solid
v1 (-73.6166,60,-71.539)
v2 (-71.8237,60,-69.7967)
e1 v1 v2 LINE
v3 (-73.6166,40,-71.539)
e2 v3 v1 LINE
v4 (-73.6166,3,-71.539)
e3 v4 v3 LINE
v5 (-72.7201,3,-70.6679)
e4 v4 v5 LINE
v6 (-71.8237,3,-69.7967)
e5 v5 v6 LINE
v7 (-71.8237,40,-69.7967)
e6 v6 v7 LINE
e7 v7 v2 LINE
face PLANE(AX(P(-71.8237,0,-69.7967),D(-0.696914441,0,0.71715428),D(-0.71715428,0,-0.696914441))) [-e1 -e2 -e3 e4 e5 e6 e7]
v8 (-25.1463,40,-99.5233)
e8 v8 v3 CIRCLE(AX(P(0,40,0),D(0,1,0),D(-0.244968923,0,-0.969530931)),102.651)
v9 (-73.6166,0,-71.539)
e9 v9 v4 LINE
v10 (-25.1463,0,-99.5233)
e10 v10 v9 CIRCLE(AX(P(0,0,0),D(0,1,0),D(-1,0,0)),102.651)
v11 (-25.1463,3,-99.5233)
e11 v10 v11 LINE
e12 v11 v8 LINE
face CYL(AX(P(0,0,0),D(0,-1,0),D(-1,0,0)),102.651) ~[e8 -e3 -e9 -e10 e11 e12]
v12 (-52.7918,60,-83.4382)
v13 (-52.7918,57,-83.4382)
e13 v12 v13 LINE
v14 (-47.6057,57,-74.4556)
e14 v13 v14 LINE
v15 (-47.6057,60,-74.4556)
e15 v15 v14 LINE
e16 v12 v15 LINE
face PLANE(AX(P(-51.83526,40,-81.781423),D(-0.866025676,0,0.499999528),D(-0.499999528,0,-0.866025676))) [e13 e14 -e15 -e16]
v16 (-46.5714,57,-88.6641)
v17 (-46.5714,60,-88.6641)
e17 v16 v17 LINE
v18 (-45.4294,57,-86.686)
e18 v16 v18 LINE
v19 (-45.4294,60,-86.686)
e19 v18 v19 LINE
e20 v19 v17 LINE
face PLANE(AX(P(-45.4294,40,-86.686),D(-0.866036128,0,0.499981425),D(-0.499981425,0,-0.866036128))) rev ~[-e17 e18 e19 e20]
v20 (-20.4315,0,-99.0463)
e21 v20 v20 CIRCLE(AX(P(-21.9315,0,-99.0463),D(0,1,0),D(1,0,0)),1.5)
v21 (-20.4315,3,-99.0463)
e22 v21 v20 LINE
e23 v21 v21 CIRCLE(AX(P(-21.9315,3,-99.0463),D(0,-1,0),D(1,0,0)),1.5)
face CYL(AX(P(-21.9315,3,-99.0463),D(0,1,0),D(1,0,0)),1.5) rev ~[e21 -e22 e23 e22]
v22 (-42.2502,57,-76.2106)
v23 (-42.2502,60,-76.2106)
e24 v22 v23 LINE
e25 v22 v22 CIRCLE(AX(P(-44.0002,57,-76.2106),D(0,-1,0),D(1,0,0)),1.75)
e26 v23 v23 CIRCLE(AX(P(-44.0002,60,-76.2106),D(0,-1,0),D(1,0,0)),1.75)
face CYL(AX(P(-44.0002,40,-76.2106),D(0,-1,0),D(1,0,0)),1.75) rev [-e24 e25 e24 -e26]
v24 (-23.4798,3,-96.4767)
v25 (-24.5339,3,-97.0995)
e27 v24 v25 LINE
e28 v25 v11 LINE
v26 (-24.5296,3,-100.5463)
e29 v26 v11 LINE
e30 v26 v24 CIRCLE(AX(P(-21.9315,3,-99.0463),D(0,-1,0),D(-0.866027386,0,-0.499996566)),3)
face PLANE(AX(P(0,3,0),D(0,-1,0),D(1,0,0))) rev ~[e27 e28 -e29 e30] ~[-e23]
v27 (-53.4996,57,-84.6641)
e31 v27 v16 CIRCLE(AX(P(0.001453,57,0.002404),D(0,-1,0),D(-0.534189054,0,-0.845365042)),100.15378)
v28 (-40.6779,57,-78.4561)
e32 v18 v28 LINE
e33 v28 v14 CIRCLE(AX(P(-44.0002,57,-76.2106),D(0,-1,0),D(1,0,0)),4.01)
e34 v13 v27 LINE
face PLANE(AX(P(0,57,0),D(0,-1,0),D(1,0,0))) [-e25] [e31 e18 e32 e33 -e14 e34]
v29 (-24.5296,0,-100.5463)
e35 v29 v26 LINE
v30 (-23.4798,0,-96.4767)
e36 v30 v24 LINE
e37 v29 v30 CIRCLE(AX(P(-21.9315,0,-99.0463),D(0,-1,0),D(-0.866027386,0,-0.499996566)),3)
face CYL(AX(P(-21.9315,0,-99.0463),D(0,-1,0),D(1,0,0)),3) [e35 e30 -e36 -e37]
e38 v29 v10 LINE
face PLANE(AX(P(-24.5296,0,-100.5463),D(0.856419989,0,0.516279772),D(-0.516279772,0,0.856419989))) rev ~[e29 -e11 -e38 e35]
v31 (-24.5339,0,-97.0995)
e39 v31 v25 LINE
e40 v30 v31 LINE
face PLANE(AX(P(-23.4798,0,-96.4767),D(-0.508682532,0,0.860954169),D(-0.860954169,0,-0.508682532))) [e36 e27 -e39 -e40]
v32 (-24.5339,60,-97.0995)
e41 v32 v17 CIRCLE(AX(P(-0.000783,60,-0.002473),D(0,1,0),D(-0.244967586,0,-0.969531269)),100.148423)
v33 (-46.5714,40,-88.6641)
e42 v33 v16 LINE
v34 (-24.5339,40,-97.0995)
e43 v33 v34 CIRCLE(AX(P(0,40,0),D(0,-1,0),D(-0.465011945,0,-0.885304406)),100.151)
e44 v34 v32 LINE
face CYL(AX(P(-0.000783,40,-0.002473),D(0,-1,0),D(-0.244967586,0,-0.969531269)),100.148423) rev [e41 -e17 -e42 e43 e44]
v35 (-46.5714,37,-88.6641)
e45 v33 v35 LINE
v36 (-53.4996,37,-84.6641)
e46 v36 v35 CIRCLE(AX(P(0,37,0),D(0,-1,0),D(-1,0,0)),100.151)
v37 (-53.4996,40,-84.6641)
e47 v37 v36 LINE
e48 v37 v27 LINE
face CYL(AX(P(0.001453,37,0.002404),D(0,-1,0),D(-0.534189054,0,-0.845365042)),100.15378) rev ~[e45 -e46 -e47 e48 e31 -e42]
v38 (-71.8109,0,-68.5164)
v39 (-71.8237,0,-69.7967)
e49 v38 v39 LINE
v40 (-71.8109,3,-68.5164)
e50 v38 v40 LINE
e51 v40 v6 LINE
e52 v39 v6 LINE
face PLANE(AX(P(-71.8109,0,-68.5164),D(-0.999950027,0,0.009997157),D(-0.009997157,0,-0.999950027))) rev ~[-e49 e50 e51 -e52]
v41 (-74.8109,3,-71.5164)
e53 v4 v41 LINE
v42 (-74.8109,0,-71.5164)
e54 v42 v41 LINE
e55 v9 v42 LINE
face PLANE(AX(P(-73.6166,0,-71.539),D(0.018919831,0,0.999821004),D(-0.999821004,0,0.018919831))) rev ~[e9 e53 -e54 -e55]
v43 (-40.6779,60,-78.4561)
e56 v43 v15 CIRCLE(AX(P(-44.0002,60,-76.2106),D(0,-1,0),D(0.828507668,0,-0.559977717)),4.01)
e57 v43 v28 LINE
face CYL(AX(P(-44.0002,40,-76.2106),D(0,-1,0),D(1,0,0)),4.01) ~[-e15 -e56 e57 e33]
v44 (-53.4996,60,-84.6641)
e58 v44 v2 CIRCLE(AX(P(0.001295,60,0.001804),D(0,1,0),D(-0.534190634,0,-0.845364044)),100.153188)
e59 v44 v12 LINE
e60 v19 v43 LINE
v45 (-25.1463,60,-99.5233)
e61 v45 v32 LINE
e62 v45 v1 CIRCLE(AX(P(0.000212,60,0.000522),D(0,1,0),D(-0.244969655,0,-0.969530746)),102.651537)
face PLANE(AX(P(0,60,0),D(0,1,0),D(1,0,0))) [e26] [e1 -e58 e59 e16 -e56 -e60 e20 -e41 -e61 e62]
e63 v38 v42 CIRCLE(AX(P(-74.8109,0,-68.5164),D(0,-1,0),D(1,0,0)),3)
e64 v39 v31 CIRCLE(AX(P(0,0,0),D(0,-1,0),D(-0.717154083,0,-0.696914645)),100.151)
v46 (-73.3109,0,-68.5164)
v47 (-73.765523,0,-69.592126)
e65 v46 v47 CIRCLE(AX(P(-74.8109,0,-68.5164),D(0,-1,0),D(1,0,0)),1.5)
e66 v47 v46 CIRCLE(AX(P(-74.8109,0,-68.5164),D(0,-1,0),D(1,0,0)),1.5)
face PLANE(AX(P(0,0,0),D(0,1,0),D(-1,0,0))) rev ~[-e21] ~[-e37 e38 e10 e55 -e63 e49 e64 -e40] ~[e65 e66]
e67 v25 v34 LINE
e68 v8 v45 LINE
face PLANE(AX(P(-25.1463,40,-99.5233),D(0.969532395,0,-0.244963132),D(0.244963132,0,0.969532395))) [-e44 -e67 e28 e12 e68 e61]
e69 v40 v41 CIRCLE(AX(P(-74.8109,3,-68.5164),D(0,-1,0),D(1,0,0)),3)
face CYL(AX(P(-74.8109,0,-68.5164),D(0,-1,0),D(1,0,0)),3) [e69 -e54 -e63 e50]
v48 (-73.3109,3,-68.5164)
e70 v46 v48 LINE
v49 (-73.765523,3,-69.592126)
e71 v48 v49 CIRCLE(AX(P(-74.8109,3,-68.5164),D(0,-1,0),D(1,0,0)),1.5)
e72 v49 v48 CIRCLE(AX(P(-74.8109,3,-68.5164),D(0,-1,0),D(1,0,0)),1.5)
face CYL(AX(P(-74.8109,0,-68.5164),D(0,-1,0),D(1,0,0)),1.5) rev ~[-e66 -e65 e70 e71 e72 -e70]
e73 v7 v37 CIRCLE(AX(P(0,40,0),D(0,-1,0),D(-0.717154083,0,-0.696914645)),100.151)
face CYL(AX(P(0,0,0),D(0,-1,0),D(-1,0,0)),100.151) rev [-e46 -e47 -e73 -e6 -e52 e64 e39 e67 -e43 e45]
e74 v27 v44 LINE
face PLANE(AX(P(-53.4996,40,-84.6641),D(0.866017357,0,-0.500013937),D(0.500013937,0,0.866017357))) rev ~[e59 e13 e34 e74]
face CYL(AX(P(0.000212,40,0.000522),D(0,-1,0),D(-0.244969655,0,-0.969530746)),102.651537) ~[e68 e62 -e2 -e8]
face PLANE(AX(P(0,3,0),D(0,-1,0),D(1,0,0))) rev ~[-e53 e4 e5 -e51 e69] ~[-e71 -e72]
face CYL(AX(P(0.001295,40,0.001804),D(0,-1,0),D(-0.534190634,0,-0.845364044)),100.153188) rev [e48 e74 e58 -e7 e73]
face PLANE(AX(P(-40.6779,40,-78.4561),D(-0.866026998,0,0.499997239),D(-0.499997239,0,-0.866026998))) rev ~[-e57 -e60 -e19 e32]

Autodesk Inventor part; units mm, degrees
ref_plane "YZ Plane" through (0, 0, 0) normal (1, 0, 0) x (0, 1, 0)
ref_plane "XZ Plane" through (0, 0, 0) normal (0, 1, 0) x (-1, 0, 0)
ref_plane "XY Plane" through (0, 0, 0) normal (0, 0, 1) x (1, 0, 0)
sketch "Sketch1" plane through (0, 0, 0) normal (0, 1, 0) x (-1, 0, 0)
  circle A0 centre (0, 0) radius 100.151
  line L0 (0, 0) -> (50.0755, -86.7333)
  line L1 (0, 0) -> (100.151, 0) construction
  line L2 (0, 0) -> (50.0755, 86.7333)
  line L3 (0, 0) -> (100.151, 0) construction
  line L4 (0, 0) -> (-100.151, 0)
  line L5 (50.0755, -86.7333) -> (100.0755, -86.7333) construction
  line L6 (50.0755, -86.7333) -> (24.5339, -97.0995)
  line L7 (50.0755, -86.7333) -> (100.0755, -86.7333) construction
  line L8 (71.8237, -69.7967) -> (50.0755, -86.7333)
  circle A1 centre (0, 0) radius 102.651
  line L9 (0, 0) -> (71.8237, -69.7967)
  line L10 (71.8237, -69.7967) -> (73.6166, -71.539)
  line L11 (0, 0) -> (24.5339, -97.0995)
  line L12 (24.5339, -97.0995) -> (25.1463, -99.5233)
  dimension "d0" = 200.302
  dimension "d1" = 60
  dimension "d2" = 60
  dimension "d8" = 205.302
extrude "Extrusion1" add sketch "Sketch1" along normal blind 40 contours L10 A1 L12 A0 picked at (67.2642, -76.2102)
sketch "Sketch2" plane through (0, 0, 0) normal (0, -1, 0) x (1, 0, 0)
  line L0 (-24.5339, -97.0995) -> (-25.1463, -99.5233) projected
  line L1 (-24.8401, -98.3114) -> (-21.9315, -99.0463)
  circle A0 centre (-21.9315, -99.0463) radius 1.5
  line L2 (-73.6166, -71.539) -> (-71.8237, -69.7967) projected
  line L3 (-72.7201, -70.6679) -> (-74.8716, -72.7586)
  line L4 (-74.8716, -72.7586) -> (-72.7201, -70.6679)
  line L5 (-72.7201, -70.6679) -> (-74.8109, -68.5164)
  circle A1 centre (-74.8109, -68.5164) radius 1.5
  circle A2 centre (-74.8109, -68.5164) radius 3
  arc A3 (-73.6166, -71.539) -> (-25.1463, -99.5233) centre (0, 0) ccw projected
  line L6 (-73.6166, -71.539) -> (-74.8109, -71.5164)
  arc A4 (-71.8237, -69.7967) -> (-24.5339, -97.0995) centre (0, 0) ccw projected
  line L7 (-71.8109, -68.5164) -> (-71.8237, -69.7967)
  circle A5 centre (-21.9315, -99.0463) radius 3
  line L8 (-21.9315, -99.0463) -> (-24.5296, -100.5463)
  line L9 (-21.9315, -99.0463) -> (-18.9315, -99.0463) construction
  line L10 (-24.5296, -100.5463) -> (-25.1463, -99.5233)
  arc A6 (-22.1585, -98.9889) -> (-21.9315, -99.0463) centre (-21.9315, -98.5684) ccw
  line L11 (-21.9315, -99.0463) -> (-22.9003, -97.4384)
  line L12 (-21.9315, -99.0463) -> (-20.0543, -99.0463) construction
  line L13 (-22.9003, -97.4384) -> (-23.4798, -96.4767)
  line L14 (-23.4798, -96.4767) -> (-24.5339, -97.0995)
  point P0 (0, 0)
  dimension "d12" = 3
  dimension "d13" = 3
  dimension "d14" = 3
  dimension "d15" = 210
  dimension "d16" = 121.07
extrude "Extrusion2" add sketch "Sketch2" against normal blind 3 contours L14 A5 L0 | L7 L2 A2 | A5 L10 L0 | A5 L13 L11 A0 L1 | L1 A0 L8 A5 | A5 L8 A0 L11 L13 | A0 L11 L1 | L1 A6 L8 A0 | L2 L6 A2 | A2 | L1 A6 | A0 L8 L11
sketch "Sketch3" plane through (0, 3, 0) normal (0, 1, 0) x (1, 0, 0)
  arc A0 (-23.4798, 96.4767) -> (-24.5296, 100.5463) centre (-21.9315, 99.0463) ccw projected
  circle A1 centre (-21.9315, 99.0463) radius 1.5
  point P0 (0, 0)
  dimension "d19" = 3
extrude "Extrusion3" cut sketch "Sketch3" against normal blind 3
sketch "Sketch4" plane through (-25.1463, 3, -99.5233) normal (0.9695, 0, -0.245) x (-0.245, 0, -0.9695)
  point P0 (-102.651, -3)
sketch "Sketch5" plane through (0, 40, 0) normal (0, 1, 0) x (1, 0, 0)
  circle A0 centre (-74.8109, 68.5164) radius 1.5 projected
  circle A1 centre (-21.9315, 99.0463) radius 1.5 projected
  line L0 (-74.8109, 68.5164) -> (-21.9315, 99.0463)
  circle A2 centre (-48.3712, 83.7814) radius 1.75
  circle A3 centre (-48.3712, 83.7814) radius 4
  line L1 (-44.9071, 85.7814) -> (-46.5714, 88.6641)
  arc A4 (-24.5339, 97.0995) -> (-71.8237, 69.7967) centre (0, 0) ccw projected
  line L2 (-51.8353, 81.7814) -> (-53.4996, 84.6641)
  line L3 (-46.5714, 88.6641) -> (-50.0755, 88.3957)
  line L4 (-50.0755, 88.3957) -> (-52.8557, 86.4967)
  line L5 (-52.8557, 86.4967) -> (-53.4996, 84.6641)
  point P0 (0, 0)
  dimension "d22" = 3.5
  dimension "d23" = 8
extrude "Extrusion4" add sketch "Sketch5" against normal blind 3 contours A3 A4 L0 A2 | L0 A2 A3 | L2 A4 A3 | L5 L4 L3 A4 A3 | A2 L0 | L0 A2 | A3 A4 | A3 A4 L1
sketch "Sketch6" plane through (0, 40, 0) normal (0, 1, 0) x (1, 0, 0)
  arc A0 (-51.8353, 81.7814) -> (-44.9071, 85.7814) centre (-48.3712, 83.7814) ccw projected
  circle A1 centre (-48.3712, 83.7814) radius 1.75
  point P0 (0, 0)
  dimension "d26" = 3.5
extrude "Extrusion5" cut sketch "Sketch6" against normal blind 3
sketch "Sketch7" plane through (0, 40, 0) normal (0, 1, 0) x (1, 0, 0)
  point P0 (0, 0)
sketch "Sketch8" plane through (0, 40, 0) normal (0, 1, 0) x (1, 0, 0)
  line L0 (0, 0) -> (-59.2945, 80.7117)
  arc A0 (-53.4996, 84.6641) -> (-71.8237, 69.7967) centre (0, 0) ccw projected
sketch "Sketch10" plane through (0, 40, 0) normal (0, 1, 0) x (1, 0, 0)
  circle A0 centre (-21.9315, 99.0463) radius 1.5 projected
  circle A1 centre (-74.8109, 68.5164) radius 1.5 projected
  line L0 (-21.9315, 99.0463) -> (-74.8109, 68.5164)
  line L1 (-48.3712, 83.7814) -> (0, 0)
  line L2 (-48.3712, 83.7814) -> (-44.0002, 76.2106)
  circle A2 centre (-44.0002, 76.2106) radius 1.75
  circle A3 centre (-44.0002, 76.2106) radius 4.01
  line L3 (-47.6057, 74.4556) -> (-52.7918, 83.4382)
  line L4 (-51.8353, 81.7814) -> (-53.4996, 84.6641) projected
  line L5 (-40.6779, 78.4561) -> (-45.4294, 86.686)
  line L6 (-45.4294, 86.686) -> (-49.4653, 86.686)
  line L7 (-49.4653, 86.686) -> (-52.7918, 83.4382)
  dimension "d30" = 96.7424
  dimension "d31" = 8.742
  dimension "d32" = 3.5
extrude "Extrusion6" add sketch "Sketch10" along normal blind 20 and the other way blind 3 contours L5 A3 L1 L0 | L0 L3 L7 L6 L5 | L1 A3 L3 L0 | A3 L1 A2 | L1 A2 A3
sketch "Sketch11" plane through (0, 40, 0) normal (0, 1, 0) x (1, 0, 0)
  arc A0 (-24.5339, 97.0995) -> (-46.5714, 88.6641) centre (0, 0) ccw projected
  arc A1 (-24.5339, 97.0995) -> (-46.5714, 88.6641) centre (0, 0) ccw
  line L0 (-53.4996, 84.6641) -> (-52.7918, 83.4382) projected
  line L1 (-73.6166, 71.539) -> (-71.8237, 69.7967) projected
  arc A2 (-53.4996, 84.6641) -> (-71.8237, 69.7967) centre (0, 0) ccw
  arc A3 (-25.1463, 99.5233) -> (-73.6166, 71.539) centre (0, 0) ccw projected
  arc A4 (-25.1463, 99.5233) -> (-73.6166, 71.539) centre (0, 0) ccw
  line L2 (-25.1463, 99.5233) -> (-24.5339, 97.0995)
  line L3 (-73.6166, 71.539) -> (-71.8237, 69.7967)
  line L4 (-53.4996, 84.6641) -> (-52.7918, 83.4382)
  line L5 (-52.7918, 83.4382) -> (-49.4653, 86.686) projected
  line L6 (-52.7918, 83.4382) -> (-49.4653, 86.686)
  line L7 (-49.4653, 86.686) -> (-45.4294, 86.686) projected
  line L8 (-49.4653, 86.686) -> (-45.4294, 86.686)
  line L9 (-45.4294, 86.686) -> (-46.5714, 88.6641)
  point P0 (0, 0)
  dimension "d37" = 100.151
extrude "Extrusion7" add sketch "Sketch11" along normal blind 20
sketch "Sketch12" plane through (0, 37, 0) normal (0, -1, 0) x (1, 0, 0)
  line L0 (-47.6057, -74.4556) -> (-53.4996, -84.6641) projected
  line L1 (-45.4294, -86.686) -> (-46.5714, -88.6641) projected
  arc A0 (-53.4996, -84.6641) -> (-46.5714, -88.6641) centre (0, 0) ccw
  line L2 (-53.4996, -84.6641) -> (-54.9814, -68.7673)
  line L3 (-54.9814, -68.7673) -> (-38.2505, -67.5322)
  line L4 (-38.2505, -67.5322) -> (-32.7507, -81.5808)
  line L5 (-32.7507, -81.5808) -> (-46.5714, -88.6641)
  point P0 (0, 0)
extrude "Extrusion8" cut sketch "Sketch12" against normal blind 20
properties part number "Wheel Guard1"
